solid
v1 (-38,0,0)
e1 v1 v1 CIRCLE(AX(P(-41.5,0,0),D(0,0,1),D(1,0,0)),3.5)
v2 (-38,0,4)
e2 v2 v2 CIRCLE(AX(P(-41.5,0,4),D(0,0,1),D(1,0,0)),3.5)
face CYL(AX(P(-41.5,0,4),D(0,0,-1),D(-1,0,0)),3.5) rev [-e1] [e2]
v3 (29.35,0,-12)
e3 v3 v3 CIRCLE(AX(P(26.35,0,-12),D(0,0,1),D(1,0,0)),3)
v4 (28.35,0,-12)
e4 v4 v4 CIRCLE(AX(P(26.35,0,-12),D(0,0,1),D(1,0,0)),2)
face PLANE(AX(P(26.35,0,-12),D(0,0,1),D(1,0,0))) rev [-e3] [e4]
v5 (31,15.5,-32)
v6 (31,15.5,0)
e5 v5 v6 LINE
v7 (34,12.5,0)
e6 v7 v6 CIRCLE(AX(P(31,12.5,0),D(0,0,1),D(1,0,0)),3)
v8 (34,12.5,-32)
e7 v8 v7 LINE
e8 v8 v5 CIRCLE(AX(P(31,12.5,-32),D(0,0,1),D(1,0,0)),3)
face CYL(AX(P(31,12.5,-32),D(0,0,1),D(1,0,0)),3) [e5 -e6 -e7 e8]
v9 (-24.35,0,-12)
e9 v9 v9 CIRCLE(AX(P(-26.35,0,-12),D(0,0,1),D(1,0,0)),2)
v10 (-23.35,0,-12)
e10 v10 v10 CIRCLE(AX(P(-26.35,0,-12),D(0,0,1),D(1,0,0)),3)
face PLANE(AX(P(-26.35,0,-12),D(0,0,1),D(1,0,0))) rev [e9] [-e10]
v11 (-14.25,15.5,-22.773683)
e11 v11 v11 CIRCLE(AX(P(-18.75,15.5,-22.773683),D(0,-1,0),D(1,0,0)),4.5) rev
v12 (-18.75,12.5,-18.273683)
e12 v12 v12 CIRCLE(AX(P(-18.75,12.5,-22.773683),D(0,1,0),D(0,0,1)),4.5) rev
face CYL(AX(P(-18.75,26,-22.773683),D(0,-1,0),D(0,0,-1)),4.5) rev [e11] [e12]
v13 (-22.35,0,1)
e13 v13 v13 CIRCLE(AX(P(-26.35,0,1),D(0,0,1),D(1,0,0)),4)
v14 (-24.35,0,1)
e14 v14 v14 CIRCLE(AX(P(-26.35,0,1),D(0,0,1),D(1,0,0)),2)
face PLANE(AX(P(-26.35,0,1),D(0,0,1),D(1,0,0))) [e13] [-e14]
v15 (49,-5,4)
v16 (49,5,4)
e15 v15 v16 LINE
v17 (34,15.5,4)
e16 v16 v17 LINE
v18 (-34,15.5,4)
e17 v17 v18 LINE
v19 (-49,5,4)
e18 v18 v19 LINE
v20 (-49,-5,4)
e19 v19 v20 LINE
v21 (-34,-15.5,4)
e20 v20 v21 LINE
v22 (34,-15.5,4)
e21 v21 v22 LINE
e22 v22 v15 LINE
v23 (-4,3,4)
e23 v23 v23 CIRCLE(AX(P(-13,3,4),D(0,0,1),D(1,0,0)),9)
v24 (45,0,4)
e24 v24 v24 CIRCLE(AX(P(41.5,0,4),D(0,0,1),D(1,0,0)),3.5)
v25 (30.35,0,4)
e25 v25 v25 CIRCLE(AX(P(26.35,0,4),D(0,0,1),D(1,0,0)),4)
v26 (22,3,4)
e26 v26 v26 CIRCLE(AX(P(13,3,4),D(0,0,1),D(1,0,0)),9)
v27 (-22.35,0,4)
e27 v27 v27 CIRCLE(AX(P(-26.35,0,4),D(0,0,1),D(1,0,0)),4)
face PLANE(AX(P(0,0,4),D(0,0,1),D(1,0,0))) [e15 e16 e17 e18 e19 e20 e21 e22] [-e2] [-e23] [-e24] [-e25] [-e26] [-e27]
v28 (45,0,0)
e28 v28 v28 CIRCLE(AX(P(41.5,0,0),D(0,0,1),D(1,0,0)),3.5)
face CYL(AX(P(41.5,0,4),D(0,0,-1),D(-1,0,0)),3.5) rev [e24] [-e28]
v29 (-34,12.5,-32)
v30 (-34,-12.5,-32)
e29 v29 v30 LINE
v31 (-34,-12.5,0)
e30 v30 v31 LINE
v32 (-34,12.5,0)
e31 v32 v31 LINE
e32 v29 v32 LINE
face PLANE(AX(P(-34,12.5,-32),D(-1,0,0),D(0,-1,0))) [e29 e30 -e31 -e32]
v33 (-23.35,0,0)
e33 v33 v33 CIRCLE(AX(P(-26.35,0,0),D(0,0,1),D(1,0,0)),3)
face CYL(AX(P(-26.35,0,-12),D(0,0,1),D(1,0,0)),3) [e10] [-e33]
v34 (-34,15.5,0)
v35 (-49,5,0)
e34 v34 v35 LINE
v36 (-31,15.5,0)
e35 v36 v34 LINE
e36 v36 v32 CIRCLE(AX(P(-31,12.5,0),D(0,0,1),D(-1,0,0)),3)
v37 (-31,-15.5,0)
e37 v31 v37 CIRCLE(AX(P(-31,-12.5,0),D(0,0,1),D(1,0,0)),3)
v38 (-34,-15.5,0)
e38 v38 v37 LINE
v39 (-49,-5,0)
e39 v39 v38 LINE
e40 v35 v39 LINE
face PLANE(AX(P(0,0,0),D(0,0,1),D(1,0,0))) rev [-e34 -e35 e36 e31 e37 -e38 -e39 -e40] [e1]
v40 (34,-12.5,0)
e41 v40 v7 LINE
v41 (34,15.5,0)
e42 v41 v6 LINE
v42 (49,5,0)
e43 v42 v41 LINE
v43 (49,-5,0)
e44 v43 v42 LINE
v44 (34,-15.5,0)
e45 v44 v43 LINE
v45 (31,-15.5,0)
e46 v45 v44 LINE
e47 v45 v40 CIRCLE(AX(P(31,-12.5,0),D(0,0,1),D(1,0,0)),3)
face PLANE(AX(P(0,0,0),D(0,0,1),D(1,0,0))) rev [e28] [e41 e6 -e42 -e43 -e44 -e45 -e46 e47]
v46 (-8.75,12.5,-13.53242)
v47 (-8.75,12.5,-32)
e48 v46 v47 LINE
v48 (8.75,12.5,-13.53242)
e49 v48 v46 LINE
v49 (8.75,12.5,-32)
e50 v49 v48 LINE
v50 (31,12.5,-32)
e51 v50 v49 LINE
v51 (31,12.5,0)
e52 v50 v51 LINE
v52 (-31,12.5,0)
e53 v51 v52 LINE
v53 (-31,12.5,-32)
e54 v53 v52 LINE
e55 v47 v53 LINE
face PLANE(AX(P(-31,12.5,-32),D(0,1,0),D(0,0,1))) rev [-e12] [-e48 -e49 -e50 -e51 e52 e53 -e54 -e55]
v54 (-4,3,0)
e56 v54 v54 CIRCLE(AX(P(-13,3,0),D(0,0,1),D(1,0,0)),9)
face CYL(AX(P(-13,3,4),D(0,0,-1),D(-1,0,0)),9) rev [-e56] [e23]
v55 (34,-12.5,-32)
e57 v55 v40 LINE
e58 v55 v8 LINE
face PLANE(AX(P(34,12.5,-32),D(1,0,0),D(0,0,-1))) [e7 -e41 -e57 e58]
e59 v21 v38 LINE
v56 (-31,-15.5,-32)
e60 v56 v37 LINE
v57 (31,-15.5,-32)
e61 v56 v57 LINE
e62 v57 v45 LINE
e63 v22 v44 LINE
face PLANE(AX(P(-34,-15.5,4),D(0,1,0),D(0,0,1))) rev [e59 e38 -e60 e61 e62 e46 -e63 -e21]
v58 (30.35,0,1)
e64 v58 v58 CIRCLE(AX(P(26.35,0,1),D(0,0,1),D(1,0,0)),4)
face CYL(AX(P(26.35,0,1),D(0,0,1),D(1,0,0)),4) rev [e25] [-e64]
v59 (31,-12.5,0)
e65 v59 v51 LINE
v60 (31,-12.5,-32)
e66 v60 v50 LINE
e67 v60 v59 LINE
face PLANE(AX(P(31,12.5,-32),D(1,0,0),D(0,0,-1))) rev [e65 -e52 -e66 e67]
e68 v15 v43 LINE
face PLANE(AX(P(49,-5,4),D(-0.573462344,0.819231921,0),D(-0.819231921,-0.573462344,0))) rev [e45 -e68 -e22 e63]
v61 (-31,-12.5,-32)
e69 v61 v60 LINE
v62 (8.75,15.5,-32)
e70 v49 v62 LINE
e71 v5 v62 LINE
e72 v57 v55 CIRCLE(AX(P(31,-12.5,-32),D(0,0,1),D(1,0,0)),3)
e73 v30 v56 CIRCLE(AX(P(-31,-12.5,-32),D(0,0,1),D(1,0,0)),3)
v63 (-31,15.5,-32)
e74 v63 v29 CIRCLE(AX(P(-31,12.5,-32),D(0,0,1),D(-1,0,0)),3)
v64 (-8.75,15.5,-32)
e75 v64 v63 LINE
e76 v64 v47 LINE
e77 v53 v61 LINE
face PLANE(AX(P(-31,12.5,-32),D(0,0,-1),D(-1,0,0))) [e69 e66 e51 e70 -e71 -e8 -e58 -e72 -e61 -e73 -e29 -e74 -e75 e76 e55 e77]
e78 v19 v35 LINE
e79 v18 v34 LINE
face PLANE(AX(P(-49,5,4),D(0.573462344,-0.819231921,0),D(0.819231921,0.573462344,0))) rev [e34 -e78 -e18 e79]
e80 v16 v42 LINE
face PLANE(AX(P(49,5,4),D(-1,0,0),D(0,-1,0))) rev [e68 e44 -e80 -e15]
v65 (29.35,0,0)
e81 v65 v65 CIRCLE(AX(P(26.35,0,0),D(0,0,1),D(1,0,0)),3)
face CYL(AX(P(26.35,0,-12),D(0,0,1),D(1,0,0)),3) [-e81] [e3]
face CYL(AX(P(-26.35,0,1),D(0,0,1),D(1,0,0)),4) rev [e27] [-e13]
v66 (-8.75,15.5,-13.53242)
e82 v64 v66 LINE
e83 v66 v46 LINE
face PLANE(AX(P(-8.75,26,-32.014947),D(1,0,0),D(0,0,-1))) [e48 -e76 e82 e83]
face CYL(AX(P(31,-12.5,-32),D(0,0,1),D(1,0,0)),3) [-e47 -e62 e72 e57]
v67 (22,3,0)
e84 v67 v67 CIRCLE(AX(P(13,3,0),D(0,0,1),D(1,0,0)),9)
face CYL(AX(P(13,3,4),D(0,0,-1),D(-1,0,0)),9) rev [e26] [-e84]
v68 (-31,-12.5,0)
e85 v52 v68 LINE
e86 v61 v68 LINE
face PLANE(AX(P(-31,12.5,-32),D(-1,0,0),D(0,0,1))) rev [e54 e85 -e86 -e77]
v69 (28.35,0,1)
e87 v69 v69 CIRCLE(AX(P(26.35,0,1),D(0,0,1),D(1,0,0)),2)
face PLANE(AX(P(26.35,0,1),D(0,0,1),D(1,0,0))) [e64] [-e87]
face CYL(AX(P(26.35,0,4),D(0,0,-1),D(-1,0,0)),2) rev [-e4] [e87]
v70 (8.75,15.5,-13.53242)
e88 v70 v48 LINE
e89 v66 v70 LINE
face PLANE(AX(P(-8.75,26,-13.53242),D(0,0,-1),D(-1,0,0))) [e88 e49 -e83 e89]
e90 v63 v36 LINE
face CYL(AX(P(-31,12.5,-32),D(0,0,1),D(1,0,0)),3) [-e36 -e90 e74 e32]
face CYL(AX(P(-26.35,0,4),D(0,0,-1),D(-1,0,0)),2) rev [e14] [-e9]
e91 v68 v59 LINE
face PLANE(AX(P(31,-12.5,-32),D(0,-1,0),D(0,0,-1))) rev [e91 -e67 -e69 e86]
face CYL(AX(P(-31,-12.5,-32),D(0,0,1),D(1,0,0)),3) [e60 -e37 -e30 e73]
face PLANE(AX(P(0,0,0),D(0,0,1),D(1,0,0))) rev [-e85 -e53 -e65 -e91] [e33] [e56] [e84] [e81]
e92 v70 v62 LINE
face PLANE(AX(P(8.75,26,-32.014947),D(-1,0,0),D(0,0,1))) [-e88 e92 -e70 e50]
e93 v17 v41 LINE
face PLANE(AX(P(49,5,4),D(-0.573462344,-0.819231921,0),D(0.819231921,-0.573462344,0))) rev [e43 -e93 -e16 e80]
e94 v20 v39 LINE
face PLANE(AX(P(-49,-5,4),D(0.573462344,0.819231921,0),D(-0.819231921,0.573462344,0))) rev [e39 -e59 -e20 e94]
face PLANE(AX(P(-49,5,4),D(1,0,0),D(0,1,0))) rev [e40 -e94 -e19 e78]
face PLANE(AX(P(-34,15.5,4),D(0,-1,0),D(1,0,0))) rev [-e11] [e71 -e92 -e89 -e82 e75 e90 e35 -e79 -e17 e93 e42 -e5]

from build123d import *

# Parameters (mm, degrees)
CROQUIS1_R                 = 2
CROQUIS1_R_2               = 3.5
CROQUIS1_R_3               = 9
SALIENTE_EXTRUIR1_DEPTH    = 4
SALIENTE_EXTRUIR2_START    = -12
CROQUIS3_R                 = 3
CROQUIS3_R_2               = 2
SALIENTE_EXTRUIR2_DEPTH    = 12
CROQUIS4_W                 = 62
CROQUIS4_H                 = 25
SALIENTE_EXTRUIR3_DEPTH    = 32
CORTAR_EXTRUIR1_DEPTH      = 10
CORTAR_EXTRUIR1_DEPTH_BACK = 18
CROQUIS5_R                 = 4.5
CROQUIS5_W                 = 17.5
CROQUIS5_H                 = 18.482527597
CORTAR_EXTRUIR2_START      = -3
CROQUIS6_R                 = 4
CROQUIS6_R_2               = 2
CORTAR_EXTRUIR2_DEPTH      = 3


with BuildPart() as part:
    # Croquis1 → Saliente-Extruir1 (new body)
    with BuildSketch(Plane.XY):
        Polygon((-34, 15.5), (34, 15.5), (49, 5), (49, -5), (34, -15.5), (-34, -15.5), (-49, -5), (-49, 5), align=None)
        with Locations((-26.35, 0)):
            Circle(CROQUIS1_R, mode=Mode.SUBTRACT)
        with Locations((26.35, 0)):
            Circle(CROQUIS1_R, mode=Mode.SUBTRACT)
        with Locations((-41.5, 0)):
            Circle(CROQUIS1_R_2, mode=Mode.SUBTRACT)
        with Locations((41.5, 0)):
            Circle(CROQUIS1_R_2, mode=Mode.SUBTRACT)
        with Locations((-13, 3)):
            Circle(CROQUIS1_R_3, mode=Mode.SUBTRACT)
        with Locations((13, 3)):
            Circle(CROQUIS1_R_3, mode=Mode.SUBTRACT)
    extrude(amount=SALIENTE_EXTRUIR1_DEPTH)

    # Croquis3 → Saliente-Extruir2 (add)
    # profile 1 of 2: a face of its own
    with BuildSketch(Plane.XY.offset(SALIENTE_EXTRUIR2_START)):
        with Locations((26.35, 0)):
            Circle(CROQUIS3_R)
        with Locations((26.35, 0)):
            Circle(CROQUIS3_R_2, mode=Mode.SUBTRACT)
    # profile 2 of 2: a face of its own
    with BuildSketch(Plane.XY.offset(SALIENTE_EXTRUIR2_START)):
        with Locations((-26.35, 0)):
            Circle(CROQUIS3_R)
        with Locations((-26.35, 0)):
            Circle(CROQUIS3_R_2, mode=Mode.SUBTRACT)
    extrude(amount=SALIENTE_EXTRUIR2_DEPTH)

    # Croquis4 → Saliente-Extruir3 (add)
    with BuildSketch(Plane.XY):
        with BuildLine():
            Line((31, 15.5), (-31, 15.5))
            ThreePointArc((-31, 15.5), (-33.121320344, 14.621320344), (-34, 12.5))
            Line((-34, 12.5), (-34, -12.5))
            ThreePointArc((-34, -12.5), (-33.121320344, -14.621320344), (-31, -15.5))
            Line((-31, -15.5), (31, -15.5))
            ThreePointArc((31, -15.5), (33.121320344, -14.621320344), (34, -12.5))
            Line((34, -12.5), (34, 12.5))
            ThreePointArc((34, 12.5), (33.121320344, 14.621320344), (31, 15.5))
        make_face()
        Rectangle(CROQUIS4_W, CROQUIS4_H, mode=Mode.SUBTRACT)
    extrude(amount=-SALIENTE_EXTRUIR3_DEPTH)

    # Croquis5 → Cortar-Extruir1 (cut, two sides: drawn at the far end of the back side and taken through both)
    with BuildSketch(Plane(origin=(0, 16, 0), x_dir=(1, 0, 0), z_dir=(0, 1, 0)).offset(-CORTAR_EXTRUIR1_DEPTH_BACK)):
        with Locations((-18.75, 22.773683321)):
            Circle(CROQUIS5_R)
        with Locations((0, 22.77368332)):
            Rectangle(CROQUIS5_W, CROQUIS5_H)
    extrude(amount=CORTAR_EXTRUIR1_DEPTH + CORTAR_EXTRUIR1_DEPTH_BACK, mode=Mode.SUBTRACT)

    # Croquis6 → Cortar-Extruir2 (cut)
    # profile 1 of 2: a face of its own
    with BuildSketch(Plane.XY.offset(4).offset(CORTAR_EXTRUIR2_START)):
        with Locations((26.35, 0)):
            Circle(CROQUIS6_R)
        with Locations((26.35, 0)):
            Circle(CROQUIS6_R_2, mode=Mode.SUBTRACT)
    # profile 2 of 2: a face of its own
    with BuildSketch(Plane.XY.offset(4).offset(CORTAR_EXTRUIR2_START)):
        with Locations((-26.35, 0)):
            Circle(CROQUIS6_R)
        with Locations((-26.35, 0)):
            Circle(CROQUIS6_R_2, mode=Mode.SUBTRACT)
    extrude(amount=CORTAR_EXTRUIR2_DEPTH, mode=Mode.SUBTRACT)


solid = part.part
